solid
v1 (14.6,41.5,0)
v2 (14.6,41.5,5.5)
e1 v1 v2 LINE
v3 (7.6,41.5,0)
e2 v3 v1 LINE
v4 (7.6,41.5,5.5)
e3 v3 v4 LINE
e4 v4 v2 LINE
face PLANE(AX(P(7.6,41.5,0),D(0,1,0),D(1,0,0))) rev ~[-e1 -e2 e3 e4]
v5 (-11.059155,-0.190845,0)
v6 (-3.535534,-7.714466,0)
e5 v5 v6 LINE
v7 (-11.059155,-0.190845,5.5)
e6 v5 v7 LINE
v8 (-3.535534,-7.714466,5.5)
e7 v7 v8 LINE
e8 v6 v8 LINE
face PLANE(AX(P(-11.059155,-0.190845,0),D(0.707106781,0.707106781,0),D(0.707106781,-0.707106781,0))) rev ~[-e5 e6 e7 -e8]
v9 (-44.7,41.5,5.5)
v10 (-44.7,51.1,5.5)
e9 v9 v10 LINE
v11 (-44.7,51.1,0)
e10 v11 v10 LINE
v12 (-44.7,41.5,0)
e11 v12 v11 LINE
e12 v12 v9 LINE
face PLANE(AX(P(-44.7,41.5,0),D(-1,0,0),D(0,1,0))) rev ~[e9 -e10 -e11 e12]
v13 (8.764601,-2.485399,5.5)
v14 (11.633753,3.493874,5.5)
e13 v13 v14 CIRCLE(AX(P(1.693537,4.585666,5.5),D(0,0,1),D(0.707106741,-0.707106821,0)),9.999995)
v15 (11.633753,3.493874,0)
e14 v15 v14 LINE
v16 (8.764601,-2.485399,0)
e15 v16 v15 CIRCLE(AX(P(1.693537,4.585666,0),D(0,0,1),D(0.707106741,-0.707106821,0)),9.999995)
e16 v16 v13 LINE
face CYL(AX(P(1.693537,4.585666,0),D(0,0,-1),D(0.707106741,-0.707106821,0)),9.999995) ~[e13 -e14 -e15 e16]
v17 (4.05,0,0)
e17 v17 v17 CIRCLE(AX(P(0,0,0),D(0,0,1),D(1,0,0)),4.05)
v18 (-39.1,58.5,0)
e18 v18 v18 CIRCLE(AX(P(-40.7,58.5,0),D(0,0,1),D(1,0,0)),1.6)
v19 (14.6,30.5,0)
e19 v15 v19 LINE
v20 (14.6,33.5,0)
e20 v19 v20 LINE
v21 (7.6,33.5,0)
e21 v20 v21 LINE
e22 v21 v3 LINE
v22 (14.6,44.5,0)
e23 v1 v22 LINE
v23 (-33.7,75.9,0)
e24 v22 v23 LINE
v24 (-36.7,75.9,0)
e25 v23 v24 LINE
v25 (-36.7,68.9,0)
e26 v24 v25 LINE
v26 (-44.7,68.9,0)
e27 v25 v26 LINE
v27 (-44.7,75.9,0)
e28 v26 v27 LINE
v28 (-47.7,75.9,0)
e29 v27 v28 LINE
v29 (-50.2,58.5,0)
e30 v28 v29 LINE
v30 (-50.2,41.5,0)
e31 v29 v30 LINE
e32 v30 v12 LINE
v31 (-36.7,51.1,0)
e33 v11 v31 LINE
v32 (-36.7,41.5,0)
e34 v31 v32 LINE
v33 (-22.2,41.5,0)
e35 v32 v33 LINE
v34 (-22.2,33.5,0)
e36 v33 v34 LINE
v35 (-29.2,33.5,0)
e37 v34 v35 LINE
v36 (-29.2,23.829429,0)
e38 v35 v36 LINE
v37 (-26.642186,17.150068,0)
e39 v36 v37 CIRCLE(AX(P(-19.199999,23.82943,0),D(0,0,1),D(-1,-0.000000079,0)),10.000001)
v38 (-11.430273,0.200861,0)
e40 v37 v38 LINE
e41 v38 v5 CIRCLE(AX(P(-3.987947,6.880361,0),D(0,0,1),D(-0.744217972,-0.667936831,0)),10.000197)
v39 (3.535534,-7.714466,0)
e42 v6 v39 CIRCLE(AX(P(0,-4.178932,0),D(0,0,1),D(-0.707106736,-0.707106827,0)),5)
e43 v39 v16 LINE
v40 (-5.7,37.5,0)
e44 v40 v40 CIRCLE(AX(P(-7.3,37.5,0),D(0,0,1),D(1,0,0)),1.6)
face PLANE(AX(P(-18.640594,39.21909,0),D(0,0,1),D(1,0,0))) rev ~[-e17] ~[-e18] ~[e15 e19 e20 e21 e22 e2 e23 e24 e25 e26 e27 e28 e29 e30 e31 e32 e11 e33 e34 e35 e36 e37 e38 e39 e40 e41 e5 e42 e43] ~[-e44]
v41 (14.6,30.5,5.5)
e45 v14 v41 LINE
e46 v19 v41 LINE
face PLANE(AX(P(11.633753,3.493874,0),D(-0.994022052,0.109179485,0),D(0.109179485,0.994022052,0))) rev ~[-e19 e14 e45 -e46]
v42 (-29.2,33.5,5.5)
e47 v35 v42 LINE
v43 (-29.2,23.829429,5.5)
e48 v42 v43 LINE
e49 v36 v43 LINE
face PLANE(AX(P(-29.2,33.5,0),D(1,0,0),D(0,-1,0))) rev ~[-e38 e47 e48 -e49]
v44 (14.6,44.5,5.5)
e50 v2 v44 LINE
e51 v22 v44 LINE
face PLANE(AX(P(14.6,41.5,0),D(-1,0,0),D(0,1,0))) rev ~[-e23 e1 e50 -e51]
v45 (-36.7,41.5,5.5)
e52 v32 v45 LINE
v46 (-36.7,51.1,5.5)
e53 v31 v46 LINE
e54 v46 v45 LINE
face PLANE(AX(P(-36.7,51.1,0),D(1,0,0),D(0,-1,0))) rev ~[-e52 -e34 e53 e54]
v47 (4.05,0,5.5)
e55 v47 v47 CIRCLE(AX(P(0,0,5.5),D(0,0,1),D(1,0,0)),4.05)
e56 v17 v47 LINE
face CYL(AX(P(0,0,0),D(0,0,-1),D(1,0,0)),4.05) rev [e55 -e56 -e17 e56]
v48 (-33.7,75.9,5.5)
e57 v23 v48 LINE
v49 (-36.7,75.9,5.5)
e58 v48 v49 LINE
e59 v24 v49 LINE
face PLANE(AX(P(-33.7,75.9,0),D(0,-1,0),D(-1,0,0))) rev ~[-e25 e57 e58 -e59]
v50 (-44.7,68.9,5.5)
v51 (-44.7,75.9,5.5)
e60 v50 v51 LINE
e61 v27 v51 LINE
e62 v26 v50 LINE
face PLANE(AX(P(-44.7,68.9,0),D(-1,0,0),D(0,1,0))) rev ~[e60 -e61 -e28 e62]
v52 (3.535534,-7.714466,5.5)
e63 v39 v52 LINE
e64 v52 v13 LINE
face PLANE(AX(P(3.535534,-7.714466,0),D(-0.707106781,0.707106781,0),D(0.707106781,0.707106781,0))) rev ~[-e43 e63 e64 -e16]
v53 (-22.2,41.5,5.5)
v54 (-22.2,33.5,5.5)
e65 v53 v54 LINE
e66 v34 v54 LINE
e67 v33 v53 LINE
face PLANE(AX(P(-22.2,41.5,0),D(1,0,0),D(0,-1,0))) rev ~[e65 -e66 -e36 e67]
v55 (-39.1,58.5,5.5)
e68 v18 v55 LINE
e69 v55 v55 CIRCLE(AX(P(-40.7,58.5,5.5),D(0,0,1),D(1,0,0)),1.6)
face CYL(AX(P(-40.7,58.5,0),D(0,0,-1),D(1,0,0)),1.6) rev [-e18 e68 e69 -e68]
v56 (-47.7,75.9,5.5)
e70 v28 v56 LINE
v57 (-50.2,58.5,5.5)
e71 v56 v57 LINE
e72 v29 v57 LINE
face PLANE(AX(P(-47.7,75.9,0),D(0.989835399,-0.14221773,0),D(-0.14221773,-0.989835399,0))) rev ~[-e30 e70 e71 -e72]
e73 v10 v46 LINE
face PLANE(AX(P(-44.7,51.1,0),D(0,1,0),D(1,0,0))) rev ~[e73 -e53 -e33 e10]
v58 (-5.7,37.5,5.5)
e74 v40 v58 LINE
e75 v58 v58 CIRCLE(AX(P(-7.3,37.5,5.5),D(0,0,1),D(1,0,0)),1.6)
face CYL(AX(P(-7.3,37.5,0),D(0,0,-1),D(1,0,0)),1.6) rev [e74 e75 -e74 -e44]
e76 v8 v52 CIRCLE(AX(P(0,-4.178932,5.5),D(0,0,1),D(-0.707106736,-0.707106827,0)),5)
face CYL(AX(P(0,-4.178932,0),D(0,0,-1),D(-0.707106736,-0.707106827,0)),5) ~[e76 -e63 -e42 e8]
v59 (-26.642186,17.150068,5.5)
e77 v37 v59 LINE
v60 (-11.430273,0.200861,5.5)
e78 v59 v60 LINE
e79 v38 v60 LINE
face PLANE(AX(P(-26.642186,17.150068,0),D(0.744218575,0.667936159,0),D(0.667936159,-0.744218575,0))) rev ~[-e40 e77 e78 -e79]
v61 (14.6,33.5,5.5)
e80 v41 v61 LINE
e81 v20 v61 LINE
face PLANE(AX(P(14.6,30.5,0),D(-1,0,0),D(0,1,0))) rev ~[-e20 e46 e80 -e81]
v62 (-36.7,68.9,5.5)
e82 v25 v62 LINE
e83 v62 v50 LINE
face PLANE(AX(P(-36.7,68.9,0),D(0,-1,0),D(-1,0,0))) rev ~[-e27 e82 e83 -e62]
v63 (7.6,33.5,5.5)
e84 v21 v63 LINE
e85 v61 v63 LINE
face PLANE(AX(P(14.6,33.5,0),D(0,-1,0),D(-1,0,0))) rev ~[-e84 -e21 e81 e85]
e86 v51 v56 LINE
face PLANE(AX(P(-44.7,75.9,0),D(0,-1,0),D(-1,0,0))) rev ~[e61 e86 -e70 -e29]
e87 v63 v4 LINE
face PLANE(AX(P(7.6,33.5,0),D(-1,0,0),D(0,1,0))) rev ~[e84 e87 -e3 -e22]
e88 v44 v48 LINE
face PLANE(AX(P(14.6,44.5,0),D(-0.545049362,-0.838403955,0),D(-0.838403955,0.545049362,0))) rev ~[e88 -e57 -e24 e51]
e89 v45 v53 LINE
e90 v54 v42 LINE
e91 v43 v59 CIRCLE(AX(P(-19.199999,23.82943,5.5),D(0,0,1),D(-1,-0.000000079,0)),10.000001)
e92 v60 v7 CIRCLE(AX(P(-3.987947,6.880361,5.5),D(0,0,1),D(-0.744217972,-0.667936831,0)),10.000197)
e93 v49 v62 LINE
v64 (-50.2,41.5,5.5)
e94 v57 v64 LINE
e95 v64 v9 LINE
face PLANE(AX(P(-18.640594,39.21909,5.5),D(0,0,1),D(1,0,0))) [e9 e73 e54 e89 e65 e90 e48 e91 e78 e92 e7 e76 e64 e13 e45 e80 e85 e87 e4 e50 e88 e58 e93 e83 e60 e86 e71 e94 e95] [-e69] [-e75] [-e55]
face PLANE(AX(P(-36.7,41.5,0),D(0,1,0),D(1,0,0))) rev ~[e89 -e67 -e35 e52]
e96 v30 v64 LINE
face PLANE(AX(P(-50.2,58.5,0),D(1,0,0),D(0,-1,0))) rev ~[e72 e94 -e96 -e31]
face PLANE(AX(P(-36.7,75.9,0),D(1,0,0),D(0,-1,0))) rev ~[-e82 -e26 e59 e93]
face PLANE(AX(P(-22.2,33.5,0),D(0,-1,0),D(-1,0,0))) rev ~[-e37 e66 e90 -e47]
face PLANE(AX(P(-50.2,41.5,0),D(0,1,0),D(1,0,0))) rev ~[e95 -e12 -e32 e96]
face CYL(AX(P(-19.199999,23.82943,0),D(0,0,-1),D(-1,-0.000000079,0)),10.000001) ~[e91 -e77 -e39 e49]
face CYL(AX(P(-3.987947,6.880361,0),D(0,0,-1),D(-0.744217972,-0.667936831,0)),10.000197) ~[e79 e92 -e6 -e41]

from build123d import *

# Parameters (mm, degrees)
F0_R     = 4.05
F0_R_2   = 1.6
F1_DEPTH = 5.5


with BuildPart() as f1:
    # F0 (on Top) → F1 (new body)
    with BuildSketch(Plane.XY):
        with BuildLine():
            Line((-22.2, 41.5), (-22.2, 37.5))
            Line((-22.2, 37.5), (-22.2, 33.5))
            Line((-22.2, 33.5), (-29.2, 33.5))
            Line((-29.2, 33.5), (-29.2, 23.829429))
            ThreePointArc((-29.2, 23.829429), (-28.538679, 20.253248), (-26.642186, 17.150068))
            Line((-26.642186, 17.150068), (-11.430273, 0.200861))
            ThreePointArc((-11.430273, 0.200861), (-11.247357, 0.002505), (-11.059155, -0.190845))
            Line((-11.059155, -0.190845), (-3.535534, -7.714466))
            ThreePointArc((-3.535534, -7.714466), (0, -9.178932), (3.535534, -7.714466))
            Line((3.535534, -7.714466), (8.764601, -2.485399))
            ThreePointArc((8.764601, -2.485399), (10.709292, 0.259459), (11.633753, 3.493874))
            Line((11.633753, 3.493874), (14.6, 30.5))
            Line((14.6, 30.5), (14.6, 33.5))
            Line((14.6, 33.5), (7.6, 33.5))
            Line((7.6, 33.5), (7.6, 37.5))
            Line((7.6, 37.5), (7.6, 41.5))
            Line((7.6, 41.5), (14.6, 41.5))
            Line((14.6, 41.5), (14.6, 44.5))
            Line((14.6, 44.5), (-33.7, 75.9))
            Line((-33.7, 75.9), (-36.7, 75.9))
            Line((-36.7, 75.9), (-36.7, 68.9))
            Line((-36.7, 68.9), (-40.7, 68.9))
            Line((-40.7, 68.9), (-44.7, 68.9))
            Line((-44.7, 68.9), (-44.7, 75.9))
            Line((-44.7, 75.9), (-47.7, 75.9))
            Line((-47.7, 75.9), (-50.2, 58.5))
            Line((-50.2, 58.5), (-50.2, 41.5))
            Line((-50.2, 41.5), (-44.7, 41.5))
            Line((-44.7, 41.5), (-44.7, 51.1))
            Line((-44.7, 51.1), (-40.7, 51.1))
            Line((-40.7, 51.1), (-36.7, 51.1))
            Line((-36.7, 51.1), (-36.7, 41.5))
            Line((-36.7, 41.5), (-22.2, 41.5))
        make_face()
        Circle(F0_R, mode=Mode.SUBTRACT)
        with Locations((-40.7, 58.5)):
            Circle(F0_R_2, mode=Mode.SUBTRACT)
        with Locations((-7.3, 37.5)):
            Circle(F0_R_2, mode=Mode.SUBTRACT)
    extrude(amount=F1_DEPTH)


solid = f1.part
